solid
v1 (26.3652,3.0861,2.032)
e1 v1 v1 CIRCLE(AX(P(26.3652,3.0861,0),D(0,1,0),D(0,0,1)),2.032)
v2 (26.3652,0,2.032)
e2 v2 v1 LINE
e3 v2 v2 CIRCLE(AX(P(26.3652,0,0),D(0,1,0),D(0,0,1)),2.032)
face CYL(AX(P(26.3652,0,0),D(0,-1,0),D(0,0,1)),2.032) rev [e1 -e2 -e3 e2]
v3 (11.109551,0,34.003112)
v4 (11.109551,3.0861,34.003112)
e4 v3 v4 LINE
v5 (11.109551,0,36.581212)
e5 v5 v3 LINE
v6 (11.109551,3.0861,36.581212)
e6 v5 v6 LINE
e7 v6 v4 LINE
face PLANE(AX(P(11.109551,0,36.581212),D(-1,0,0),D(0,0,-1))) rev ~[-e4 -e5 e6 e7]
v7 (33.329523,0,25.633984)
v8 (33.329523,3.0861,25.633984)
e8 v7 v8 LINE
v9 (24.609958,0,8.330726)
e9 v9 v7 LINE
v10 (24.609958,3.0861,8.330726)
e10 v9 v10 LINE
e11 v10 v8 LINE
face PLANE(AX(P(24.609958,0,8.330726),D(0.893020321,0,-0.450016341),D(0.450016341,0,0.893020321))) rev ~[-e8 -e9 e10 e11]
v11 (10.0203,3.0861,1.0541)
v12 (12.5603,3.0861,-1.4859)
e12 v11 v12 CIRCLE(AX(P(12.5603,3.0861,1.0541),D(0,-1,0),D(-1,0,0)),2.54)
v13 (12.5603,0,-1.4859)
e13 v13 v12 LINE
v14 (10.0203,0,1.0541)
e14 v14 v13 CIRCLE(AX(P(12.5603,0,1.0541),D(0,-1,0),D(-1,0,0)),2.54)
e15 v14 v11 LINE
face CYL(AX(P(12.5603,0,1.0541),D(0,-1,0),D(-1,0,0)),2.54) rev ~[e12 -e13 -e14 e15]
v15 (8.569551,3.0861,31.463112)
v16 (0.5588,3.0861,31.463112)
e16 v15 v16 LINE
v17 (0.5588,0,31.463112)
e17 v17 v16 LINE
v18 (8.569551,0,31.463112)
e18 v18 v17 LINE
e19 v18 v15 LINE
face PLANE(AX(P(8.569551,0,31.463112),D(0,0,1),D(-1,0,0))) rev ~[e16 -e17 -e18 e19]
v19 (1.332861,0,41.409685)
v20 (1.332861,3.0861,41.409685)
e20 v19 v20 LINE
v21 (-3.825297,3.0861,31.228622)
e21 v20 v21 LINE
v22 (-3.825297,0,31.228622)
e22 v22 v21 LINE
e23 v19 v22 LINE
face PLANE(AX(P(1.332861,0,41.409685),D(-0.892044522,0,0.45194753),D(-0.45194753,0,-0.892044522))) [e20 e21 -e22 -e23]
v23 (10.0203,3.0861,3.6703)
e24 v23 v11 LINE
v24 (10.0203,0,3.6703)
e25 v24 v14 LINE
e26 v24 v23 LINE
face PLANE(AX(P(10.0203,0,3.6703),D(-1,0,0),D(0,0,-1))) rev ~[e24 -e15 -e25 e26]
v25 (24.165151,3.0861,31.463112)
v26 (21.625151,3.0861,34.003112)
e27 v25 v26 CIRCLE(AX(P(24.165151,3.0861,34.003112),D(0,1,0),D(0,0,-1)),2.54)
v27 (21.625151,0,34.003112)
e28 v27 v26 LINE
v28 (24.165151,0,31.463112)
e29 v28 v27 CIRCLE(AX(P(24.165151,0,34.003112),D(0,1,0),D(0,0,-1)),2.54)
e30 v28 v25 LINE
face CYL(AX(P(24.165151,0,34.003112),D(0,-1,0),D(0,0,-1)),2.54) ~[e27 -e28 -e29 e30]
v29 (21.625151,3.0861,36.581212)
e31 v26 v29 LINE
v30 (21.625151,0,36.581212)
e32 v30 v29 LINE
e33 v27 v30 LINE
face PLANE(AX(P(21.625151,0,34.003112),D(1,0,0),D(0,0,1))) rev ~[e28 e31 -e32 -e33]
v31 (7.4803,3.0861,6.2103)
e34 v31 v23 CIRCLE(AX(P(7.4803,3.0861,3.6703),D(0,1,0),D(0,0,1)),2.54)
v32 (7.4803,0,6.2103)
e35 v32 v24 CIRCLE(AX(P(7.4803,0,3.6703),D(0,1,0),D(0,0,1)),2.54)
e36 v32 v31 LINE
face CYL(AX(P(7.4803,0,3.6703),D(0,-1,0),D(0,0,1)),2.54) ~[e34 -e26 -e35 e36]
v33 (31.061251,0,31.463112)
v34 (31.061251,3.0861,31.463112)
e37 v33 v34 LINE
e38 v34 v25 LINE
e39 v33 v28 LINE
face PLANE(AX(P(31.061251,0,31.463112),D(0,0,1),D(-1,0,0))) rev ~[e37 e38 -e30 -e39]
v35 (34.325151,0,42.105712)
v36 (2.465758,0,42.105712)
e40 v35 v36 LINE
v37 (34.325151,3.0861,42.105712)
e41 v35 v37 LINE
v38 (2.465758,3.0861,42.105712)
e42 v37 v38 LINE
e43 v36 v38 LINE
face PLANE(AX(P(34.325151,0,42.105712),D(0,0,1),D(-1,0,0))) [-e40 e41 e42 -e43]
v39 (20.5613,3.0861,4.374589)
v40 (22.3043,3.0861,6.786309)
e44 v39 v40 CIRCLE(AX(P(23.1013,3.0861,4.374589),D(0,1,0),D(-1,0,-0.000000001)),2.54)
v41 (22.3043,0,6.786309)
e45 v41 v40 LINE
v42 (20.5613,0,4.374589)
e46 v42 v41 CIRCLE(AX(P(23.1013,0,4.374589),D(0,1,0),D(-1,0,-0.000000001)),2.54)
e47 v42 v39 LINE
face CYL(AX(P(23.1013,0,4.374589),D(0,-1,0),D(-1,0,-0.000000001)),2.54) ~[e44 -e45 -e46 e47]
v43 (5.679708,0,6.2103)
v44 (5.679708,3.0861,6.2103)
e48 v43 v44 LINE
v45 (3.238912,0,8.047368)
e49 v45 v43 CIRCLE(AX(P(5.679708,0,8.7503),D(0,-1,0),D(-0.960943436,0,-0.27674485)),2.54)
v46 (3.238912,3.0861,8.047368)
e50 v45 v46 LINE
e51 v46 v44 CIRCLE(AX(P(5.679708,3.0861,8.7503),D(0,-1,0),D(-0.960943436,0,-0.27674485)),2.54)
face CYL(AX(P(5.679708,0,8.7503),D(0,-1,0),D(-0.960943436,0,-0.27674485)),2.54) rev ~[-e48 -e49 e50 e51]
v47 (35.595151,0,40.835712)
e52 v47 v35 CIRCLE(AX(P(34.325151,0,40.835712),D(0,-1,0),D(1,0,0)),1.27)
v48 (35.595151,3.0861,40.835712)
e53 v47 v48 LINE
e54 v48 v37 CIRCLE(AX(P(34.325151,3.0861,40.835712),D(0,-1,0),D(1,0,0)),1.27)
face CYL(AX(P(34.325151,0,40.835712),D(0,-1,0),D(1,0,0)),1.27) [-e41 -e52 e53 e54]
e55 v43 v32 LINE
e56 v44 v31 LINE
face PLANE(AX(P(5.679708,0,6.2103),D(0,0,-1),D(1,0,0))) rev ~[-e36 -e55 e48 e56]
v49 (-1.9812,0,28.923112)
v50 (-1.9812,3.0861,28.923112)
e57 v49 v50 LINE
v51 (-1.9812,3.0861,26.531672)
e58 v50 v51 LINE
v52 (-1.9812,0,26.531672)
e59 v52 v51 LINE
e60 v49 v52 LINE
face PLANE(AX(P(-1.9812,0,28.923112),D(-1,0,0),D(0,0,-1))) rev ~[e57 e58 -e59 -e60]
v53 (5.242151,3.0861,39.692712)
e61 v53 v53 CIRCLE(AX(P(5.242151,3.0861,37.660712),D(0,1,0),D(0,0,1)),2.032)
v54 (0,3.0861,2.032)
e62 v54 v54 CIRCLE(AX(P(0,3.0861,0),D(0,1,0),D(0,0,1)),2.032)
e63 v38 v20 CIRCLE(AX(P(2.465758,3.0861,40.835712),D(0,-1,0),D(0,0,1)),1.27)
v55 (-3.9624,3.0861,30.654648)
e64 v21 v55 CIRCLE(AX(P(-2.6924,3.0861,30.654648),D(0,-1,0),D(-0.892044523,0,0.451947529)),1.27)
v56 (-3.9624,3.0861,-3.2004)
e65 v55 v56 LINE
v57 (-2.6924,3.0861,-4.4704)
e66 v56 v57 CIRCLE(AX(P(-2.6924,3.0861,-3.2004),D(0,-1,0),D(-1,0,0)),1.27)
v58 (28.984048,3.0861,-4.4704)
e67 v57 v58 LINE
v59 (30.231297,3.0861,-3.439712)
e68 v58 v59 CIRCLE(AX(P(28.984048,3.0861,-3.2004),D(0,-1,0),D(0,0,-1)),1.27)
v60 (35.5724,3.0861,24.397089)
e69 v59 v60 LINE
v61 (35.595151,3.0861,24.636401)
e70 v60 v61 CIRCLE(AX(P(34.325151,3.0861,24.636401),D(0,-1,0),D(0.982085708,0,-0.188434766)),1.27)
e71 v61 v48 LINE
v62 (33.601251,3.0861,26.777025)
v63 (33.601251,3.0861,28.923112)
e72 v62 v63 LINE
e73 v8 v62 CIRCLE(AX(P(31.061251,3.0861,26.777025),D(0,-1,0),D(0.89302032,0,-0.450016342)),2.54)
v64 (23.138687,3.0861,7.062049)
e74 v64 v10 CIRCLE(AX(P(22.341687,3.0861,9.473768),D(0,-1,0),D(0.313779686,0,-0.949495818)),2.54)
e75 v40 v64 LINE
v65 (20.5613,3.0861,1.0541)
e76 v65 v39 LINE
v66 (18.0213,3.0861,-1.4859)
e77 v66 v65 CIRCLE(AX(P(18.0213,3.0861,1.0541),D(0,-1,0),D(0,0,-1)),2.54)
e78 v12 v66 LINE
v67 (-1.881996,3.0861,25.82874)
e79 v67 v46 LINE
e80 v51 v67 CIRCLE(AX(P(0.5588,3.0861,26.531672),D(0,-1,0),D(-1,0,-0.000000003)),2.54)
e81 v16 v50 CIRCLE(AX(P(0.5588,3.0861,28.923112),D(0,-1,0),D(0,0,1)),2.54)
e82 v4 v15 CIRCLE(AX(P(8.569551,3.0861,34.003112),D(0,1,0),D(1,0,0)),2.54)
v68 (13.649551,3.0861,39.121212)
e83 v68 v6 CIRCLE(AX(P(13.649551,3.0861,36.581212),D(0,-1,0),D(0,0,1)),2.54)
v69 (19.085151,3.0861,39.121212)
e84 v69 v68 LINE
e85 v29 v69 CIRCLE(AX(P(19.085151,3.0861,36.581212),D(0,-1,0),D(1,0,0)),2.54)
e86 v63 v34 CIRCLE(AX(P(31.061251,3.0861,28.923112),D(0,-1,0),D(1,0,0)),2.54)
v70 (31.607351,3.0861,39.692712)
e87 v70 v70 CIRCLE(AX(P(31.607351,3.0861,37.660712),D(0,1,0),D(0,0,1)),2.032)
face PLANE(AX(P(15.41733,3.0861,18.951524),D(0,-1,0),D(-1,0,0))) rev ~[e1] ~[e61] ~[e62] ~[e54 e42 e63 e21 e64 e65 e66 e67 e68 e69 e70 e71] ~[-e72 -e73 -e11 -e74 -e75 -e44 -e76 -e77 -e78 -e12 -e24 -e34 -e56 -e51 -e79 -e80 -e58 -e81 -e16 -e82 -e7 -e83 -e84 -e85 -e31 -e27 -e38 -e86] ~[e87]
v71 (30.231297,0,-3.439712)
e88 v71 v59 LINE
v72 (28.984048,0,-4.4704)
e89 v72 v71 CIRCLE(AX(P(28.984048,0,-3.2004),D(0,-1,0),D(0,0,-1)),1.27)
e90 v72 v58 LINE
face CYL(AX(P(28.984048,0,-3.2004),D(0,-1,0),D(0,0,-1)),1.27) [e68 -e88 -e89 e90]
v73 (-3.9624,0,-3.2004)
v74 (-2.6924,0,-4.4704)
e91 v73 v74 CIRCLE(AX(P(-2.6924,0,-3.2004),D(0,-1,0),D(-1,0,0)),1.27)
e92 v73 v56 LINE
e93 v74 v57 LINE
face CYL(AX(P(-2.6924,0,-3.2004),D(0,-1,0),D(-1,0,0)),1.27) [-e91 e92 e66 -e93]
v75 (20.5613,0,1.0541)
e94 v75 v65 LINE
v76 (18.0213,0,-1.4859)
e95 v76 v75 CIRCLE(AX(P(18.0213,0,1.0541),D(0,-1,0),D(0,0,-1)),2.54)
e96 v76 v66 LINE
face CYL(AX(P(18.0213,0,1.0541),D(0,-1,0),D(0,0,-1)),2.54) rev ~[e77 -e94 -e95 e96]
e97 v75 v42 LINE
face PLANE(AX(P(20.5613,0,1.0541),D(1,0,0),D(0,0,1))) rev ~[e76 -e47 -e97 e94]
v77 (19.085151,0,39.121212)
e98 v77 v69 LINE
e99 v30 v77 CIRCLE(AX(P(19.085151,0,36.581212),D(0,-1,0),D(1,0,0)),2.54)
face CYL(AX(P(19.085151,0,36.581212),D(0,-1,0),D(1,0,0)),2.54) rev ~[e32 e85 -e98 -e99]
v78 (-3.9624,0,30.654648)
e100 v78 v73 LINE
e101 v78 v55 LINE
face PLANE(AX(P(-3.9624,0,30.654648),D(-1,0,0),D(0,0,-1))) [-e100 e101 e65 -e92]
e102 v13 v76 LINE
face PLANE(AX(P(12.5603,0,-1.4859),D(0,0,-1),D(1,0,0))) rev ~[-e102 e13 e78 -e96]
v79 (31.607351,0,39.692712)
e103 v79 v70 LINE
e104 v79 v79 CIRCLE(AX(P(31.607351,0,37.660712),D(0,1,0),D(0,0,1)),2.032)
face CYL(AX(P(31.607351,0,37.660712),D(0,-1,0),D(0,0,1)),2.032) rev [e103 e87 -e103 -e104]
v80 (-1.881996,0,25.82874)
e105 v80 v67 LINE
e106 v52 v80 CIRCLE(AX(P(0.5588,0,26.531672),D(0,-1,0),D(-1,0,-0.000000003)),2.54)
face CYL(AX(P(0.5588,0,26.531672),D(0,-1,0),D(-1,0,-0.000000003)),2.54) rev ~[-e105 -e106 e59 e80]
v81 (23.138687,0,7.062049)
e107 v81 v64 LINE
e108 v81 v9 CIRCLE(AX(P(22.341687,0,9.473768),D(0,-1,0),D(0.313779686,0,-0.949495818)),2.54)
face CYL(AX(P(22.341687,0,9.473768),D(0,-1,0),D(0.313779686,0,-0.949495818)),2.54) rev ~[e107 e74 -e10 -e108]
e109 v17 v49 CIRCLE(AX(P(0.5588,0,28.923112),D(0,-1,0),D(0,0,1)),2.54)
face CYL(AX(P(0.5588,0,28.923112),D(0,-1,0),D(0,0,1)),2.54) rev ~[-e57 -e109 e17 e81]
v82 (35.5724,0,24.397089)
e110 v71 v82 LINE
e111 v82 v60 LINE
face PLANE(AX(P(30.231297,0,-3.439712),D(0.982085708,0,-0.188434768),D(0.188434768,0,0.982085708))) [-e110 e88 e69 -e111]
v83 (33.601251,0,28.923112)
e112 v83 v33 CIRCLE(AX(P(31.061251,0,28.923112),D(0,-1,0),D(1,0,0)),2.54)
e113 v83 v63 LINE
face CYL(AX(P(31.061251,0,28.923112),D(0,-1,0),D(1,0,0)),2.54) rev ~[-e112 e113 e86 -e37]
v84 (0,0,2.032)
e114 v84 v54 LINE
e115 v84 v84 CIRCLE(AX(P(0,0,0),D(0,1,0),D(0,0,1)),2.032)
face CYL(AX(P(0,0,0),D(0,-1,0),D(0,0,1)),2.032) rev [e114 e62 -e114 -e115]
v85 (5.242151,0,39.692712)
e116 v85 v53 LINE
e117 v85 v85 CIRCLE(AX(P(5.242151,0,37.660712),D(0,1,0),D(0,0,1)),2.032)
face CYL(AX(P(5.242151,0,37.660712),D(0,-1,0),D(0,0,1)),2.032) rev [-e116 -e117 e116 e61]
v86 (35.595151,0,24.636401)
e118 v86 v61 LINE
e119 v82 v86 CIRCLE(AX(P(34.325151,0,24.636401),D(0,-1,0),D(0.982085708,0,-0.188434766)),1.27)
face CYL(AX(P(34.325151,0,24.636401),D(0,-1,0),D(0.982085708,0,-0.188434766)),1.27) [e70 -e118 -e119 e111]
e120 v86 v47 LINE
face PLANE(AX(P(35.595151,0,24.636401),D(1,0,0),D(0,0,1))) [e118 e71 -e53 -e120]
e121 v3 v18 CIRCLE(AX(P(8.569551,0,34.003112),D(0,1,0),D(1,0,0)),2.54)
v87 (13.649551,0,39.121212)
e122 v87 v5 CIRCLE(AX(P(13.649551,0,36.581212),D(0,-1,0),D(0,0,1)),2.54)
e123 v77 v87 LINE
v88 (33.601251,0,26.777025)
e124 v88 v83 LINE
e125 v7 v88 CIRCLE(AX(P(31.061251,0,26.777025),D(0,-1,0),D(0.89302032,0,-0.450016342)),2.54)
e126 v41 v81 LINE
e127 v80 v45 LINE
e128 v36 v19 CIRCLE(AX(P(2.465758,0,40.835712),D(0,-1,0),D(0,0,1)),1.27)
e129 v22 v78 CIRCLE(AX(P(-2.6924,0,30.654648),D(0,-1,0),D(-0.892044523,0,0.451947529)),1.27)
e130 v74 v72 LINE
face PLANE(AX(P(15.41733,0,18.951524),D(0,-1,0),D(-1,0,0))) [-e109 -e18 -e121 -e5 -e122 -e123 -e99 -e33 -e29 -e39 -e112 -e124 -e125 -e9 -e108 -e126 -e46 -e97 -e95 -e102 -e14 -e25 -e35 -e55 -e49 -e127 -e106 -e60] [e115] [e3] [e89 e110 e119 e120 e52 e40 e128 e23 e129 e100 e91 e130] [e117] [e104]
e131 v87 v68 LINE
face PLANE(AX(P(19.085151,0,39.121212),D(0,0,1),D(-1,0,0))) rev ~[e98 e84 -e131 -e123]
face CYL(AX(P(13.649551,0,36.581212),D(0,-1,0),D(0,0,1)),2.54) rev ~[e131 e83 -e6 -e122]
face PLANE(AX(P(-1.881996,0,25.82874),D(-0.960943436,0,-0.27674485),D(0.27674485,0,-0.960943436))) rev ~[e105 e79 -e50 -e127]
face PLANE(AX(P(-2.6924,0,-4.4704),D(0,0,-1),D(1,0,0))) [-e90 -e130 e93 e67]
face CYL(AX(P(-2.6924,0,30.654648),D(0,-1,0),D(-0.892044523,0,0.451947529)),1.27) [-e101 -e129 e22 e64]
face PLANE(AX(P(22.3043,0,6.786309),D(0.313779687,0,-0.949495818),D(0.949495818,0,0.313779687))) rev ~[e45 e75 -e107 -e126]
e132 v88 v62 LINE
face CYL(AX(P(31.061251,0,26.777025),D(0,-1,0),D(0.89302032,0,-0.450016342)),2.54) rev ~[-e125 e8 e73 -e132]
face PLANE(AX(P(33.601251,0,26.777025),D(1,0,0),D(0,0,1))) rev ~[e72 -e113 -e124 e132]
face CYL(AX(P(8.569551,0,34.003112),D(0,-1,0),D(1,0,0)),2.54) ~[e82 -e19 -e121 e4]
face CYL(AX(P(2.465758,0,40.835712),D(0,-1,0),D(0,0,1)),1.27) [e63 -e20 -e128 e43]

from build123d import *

# Parameters (mm, degrees)
SKETCH1_R           = 2.032
BOSS_EXTRUDE1_DEPTH = 3.0861


with BuildPart() as part:
    # Sketch1 → Boss-Extrude1 (new body)
    with BuildSketch(Plane(origin=(0, 0, 0), x_dir=(1, 0, 0), z_dir=(0, 1, 0))):
        with BuildLine():
            Line((-2.6924, 4.4704), (28.98404818, 4.4704))
            ThreePointArc((28.98404818, 4.4704), (29.793051754, 4.179385811), (30.23129703, 3.439712155))
            Line((30.23129703, 3.439712155), (35.572400198, -24.397088649))
            ThreePointArc((35.572400198, -24.397088649), (35.589450767, -24.516205211), (35.595151349, -24.636400804))
            Line((35.595151349, -24.636400804), (35.595151349, -40.835711832))
            ThreePointArc((35.595151349, -40.835711832), (35.223176961, -41.733737444), (34.325151349, -42.105711832))
            Line((34.325151349, -42.105711832), (2.465757874, -42.105711832))
            ThreePointArc((2.465757874, -42.105711832), (1.800944431, -41.917803827), (1.332861331, -41.409685196))
            Line((1.332861331, -41.409685196), (-3.825296543, -31.228621763))
            ThreePointArc((-3.825296543, -31.228621763), (-3.927648681, -30.949708893), (-3.9624, -30.6546484))
            Line((-3.9624, -30.6546484), (-3.9624, 3.2004))
            ThreePointArc((-3.9624, 3.2004), (-3.590425612, 4.098425612), (-2.6924, 4.4704))
        make_face()
        with Locations(Location((0, 0, 0), (0, 0, 270))):
            Circle(SKETCH1_R, mode=Mode.SUBTRACT)
        with Locations(Location((26.3652, 0, 0), (0, 0, 270))):
            Circle(SKETCH1_R, mode=Mode.SUBTRACT)
        with Locations(Location((5.242151349, -37.660711832, 0), (0, 0, 270))):
            Circle(SKETCH1_R, mode=Mode.SUBTRACT)
        with Locations(Location((31.607351349, -37.660711832, 0), (0, 0, 270))):
            Circle(SKETCH1_R, mode=Mode.SUBTRACT)
        with BuildLine():
            Line((12.5603, 1.4859), (18.0213, 1.4859))
            ThreePointArc((18.0213, 1.4859), (19.817351224, 0.741951224), (20.5613, -1.0541))
            Line((20.5613, -1.0541), (20.5613, -4.374589338))
            ThreePointArc((20.5613, -4.374589338), (21.042661976, -5.86240972), (22.304299596, -6.786308716))
            Line((22.304299596, -6.786308716), (23.138687105, -7.062048584))
            ThreePointArc((23.138687105, -7.062048584), (24.000408807, -7.550166917), (24.609958316, -8.330726456))
            Line((24.609958316, -8.330726456), (33.329522963, -25.633983509))
            ThreePointArc((33.329522963, -25.633983509), (33.532385694, -26.189577102), (33.601251349, -26.777025014))
            Line((33.601251349, -26.777025014), (33.601251349, -28.923111832))
            ThreePointArc((33.601251349, -28.923111832), (32.857302573, -30.719163056), (31.061251349, -31.463111832))
            Line((31.061251349, -31.463111832), (24.165151349, -31.463111832))
            ThreePointArc((24.165151349, -31.463111832), (22.369100125, -32.207060608), (21.625151349, -34.003111832))
            Line((21.625151349, -34.003111832), (21.625151349, -36.581211832))
            ThreePointArc((21.625151349, -36.581211832), (20.881202573, -38.377263056), (19.085151349, -39.121211832))
            Line((19.085151349, -39.121211832), (13.649551349, -39.121211832))
            ThreePointArc((13.649551349, -39.121211832), (11.853500125, -38.377263056), (11.109551349, -36.581211832))
            Line((11.109551349, -36.581211832), (11.109551349, -34.003111832))
            ThreePointArc((11.109551349, -34.003111832), (10.365602573, -32.207060608), (8.569551349, -31.463111832))
            Line((8.569551349, -31.463111832), (0.5588, -31.463111832))
            ThreePointArc((0.5588, -31.463111832), (-1.237251224, -30.719163056), (-1.9812, -28.923111832))
            Line((-1.9812, -28.923111832), (-1.9812, -26.531672272))
            ThreePointArc((-1.9812, -26.531672272), (-1.956276805, -26.176723455), (-1.881996329, -25.828740353))
            Line((-1.881996329, -25.828740353), (3.23891195, -8.047368081))
            ThreePointArc((3.23891195, -8.047368081), (4.15226713, -6.72088542), (5.679708279, -6.2103))
            Line((5.679708279, -6.2103), (7.4803, -6.2103))
            ThreePointArc((7.4803, -6.2103), (9.276351224, -5.466351224), (10.0203, -3.6703))
            Line((10.0203, -3.6703), (10.0203, -1.0541))
            ThreePointArc((10.0203, -1.0541), (10.764248776, 0.741951224), (12.5603, 1.4859))
        make_face(mode=Mode.SUBTRACT)
    extrude(amount=BOSS_EXTRUDE1_DEPTH)


solid = part.part
